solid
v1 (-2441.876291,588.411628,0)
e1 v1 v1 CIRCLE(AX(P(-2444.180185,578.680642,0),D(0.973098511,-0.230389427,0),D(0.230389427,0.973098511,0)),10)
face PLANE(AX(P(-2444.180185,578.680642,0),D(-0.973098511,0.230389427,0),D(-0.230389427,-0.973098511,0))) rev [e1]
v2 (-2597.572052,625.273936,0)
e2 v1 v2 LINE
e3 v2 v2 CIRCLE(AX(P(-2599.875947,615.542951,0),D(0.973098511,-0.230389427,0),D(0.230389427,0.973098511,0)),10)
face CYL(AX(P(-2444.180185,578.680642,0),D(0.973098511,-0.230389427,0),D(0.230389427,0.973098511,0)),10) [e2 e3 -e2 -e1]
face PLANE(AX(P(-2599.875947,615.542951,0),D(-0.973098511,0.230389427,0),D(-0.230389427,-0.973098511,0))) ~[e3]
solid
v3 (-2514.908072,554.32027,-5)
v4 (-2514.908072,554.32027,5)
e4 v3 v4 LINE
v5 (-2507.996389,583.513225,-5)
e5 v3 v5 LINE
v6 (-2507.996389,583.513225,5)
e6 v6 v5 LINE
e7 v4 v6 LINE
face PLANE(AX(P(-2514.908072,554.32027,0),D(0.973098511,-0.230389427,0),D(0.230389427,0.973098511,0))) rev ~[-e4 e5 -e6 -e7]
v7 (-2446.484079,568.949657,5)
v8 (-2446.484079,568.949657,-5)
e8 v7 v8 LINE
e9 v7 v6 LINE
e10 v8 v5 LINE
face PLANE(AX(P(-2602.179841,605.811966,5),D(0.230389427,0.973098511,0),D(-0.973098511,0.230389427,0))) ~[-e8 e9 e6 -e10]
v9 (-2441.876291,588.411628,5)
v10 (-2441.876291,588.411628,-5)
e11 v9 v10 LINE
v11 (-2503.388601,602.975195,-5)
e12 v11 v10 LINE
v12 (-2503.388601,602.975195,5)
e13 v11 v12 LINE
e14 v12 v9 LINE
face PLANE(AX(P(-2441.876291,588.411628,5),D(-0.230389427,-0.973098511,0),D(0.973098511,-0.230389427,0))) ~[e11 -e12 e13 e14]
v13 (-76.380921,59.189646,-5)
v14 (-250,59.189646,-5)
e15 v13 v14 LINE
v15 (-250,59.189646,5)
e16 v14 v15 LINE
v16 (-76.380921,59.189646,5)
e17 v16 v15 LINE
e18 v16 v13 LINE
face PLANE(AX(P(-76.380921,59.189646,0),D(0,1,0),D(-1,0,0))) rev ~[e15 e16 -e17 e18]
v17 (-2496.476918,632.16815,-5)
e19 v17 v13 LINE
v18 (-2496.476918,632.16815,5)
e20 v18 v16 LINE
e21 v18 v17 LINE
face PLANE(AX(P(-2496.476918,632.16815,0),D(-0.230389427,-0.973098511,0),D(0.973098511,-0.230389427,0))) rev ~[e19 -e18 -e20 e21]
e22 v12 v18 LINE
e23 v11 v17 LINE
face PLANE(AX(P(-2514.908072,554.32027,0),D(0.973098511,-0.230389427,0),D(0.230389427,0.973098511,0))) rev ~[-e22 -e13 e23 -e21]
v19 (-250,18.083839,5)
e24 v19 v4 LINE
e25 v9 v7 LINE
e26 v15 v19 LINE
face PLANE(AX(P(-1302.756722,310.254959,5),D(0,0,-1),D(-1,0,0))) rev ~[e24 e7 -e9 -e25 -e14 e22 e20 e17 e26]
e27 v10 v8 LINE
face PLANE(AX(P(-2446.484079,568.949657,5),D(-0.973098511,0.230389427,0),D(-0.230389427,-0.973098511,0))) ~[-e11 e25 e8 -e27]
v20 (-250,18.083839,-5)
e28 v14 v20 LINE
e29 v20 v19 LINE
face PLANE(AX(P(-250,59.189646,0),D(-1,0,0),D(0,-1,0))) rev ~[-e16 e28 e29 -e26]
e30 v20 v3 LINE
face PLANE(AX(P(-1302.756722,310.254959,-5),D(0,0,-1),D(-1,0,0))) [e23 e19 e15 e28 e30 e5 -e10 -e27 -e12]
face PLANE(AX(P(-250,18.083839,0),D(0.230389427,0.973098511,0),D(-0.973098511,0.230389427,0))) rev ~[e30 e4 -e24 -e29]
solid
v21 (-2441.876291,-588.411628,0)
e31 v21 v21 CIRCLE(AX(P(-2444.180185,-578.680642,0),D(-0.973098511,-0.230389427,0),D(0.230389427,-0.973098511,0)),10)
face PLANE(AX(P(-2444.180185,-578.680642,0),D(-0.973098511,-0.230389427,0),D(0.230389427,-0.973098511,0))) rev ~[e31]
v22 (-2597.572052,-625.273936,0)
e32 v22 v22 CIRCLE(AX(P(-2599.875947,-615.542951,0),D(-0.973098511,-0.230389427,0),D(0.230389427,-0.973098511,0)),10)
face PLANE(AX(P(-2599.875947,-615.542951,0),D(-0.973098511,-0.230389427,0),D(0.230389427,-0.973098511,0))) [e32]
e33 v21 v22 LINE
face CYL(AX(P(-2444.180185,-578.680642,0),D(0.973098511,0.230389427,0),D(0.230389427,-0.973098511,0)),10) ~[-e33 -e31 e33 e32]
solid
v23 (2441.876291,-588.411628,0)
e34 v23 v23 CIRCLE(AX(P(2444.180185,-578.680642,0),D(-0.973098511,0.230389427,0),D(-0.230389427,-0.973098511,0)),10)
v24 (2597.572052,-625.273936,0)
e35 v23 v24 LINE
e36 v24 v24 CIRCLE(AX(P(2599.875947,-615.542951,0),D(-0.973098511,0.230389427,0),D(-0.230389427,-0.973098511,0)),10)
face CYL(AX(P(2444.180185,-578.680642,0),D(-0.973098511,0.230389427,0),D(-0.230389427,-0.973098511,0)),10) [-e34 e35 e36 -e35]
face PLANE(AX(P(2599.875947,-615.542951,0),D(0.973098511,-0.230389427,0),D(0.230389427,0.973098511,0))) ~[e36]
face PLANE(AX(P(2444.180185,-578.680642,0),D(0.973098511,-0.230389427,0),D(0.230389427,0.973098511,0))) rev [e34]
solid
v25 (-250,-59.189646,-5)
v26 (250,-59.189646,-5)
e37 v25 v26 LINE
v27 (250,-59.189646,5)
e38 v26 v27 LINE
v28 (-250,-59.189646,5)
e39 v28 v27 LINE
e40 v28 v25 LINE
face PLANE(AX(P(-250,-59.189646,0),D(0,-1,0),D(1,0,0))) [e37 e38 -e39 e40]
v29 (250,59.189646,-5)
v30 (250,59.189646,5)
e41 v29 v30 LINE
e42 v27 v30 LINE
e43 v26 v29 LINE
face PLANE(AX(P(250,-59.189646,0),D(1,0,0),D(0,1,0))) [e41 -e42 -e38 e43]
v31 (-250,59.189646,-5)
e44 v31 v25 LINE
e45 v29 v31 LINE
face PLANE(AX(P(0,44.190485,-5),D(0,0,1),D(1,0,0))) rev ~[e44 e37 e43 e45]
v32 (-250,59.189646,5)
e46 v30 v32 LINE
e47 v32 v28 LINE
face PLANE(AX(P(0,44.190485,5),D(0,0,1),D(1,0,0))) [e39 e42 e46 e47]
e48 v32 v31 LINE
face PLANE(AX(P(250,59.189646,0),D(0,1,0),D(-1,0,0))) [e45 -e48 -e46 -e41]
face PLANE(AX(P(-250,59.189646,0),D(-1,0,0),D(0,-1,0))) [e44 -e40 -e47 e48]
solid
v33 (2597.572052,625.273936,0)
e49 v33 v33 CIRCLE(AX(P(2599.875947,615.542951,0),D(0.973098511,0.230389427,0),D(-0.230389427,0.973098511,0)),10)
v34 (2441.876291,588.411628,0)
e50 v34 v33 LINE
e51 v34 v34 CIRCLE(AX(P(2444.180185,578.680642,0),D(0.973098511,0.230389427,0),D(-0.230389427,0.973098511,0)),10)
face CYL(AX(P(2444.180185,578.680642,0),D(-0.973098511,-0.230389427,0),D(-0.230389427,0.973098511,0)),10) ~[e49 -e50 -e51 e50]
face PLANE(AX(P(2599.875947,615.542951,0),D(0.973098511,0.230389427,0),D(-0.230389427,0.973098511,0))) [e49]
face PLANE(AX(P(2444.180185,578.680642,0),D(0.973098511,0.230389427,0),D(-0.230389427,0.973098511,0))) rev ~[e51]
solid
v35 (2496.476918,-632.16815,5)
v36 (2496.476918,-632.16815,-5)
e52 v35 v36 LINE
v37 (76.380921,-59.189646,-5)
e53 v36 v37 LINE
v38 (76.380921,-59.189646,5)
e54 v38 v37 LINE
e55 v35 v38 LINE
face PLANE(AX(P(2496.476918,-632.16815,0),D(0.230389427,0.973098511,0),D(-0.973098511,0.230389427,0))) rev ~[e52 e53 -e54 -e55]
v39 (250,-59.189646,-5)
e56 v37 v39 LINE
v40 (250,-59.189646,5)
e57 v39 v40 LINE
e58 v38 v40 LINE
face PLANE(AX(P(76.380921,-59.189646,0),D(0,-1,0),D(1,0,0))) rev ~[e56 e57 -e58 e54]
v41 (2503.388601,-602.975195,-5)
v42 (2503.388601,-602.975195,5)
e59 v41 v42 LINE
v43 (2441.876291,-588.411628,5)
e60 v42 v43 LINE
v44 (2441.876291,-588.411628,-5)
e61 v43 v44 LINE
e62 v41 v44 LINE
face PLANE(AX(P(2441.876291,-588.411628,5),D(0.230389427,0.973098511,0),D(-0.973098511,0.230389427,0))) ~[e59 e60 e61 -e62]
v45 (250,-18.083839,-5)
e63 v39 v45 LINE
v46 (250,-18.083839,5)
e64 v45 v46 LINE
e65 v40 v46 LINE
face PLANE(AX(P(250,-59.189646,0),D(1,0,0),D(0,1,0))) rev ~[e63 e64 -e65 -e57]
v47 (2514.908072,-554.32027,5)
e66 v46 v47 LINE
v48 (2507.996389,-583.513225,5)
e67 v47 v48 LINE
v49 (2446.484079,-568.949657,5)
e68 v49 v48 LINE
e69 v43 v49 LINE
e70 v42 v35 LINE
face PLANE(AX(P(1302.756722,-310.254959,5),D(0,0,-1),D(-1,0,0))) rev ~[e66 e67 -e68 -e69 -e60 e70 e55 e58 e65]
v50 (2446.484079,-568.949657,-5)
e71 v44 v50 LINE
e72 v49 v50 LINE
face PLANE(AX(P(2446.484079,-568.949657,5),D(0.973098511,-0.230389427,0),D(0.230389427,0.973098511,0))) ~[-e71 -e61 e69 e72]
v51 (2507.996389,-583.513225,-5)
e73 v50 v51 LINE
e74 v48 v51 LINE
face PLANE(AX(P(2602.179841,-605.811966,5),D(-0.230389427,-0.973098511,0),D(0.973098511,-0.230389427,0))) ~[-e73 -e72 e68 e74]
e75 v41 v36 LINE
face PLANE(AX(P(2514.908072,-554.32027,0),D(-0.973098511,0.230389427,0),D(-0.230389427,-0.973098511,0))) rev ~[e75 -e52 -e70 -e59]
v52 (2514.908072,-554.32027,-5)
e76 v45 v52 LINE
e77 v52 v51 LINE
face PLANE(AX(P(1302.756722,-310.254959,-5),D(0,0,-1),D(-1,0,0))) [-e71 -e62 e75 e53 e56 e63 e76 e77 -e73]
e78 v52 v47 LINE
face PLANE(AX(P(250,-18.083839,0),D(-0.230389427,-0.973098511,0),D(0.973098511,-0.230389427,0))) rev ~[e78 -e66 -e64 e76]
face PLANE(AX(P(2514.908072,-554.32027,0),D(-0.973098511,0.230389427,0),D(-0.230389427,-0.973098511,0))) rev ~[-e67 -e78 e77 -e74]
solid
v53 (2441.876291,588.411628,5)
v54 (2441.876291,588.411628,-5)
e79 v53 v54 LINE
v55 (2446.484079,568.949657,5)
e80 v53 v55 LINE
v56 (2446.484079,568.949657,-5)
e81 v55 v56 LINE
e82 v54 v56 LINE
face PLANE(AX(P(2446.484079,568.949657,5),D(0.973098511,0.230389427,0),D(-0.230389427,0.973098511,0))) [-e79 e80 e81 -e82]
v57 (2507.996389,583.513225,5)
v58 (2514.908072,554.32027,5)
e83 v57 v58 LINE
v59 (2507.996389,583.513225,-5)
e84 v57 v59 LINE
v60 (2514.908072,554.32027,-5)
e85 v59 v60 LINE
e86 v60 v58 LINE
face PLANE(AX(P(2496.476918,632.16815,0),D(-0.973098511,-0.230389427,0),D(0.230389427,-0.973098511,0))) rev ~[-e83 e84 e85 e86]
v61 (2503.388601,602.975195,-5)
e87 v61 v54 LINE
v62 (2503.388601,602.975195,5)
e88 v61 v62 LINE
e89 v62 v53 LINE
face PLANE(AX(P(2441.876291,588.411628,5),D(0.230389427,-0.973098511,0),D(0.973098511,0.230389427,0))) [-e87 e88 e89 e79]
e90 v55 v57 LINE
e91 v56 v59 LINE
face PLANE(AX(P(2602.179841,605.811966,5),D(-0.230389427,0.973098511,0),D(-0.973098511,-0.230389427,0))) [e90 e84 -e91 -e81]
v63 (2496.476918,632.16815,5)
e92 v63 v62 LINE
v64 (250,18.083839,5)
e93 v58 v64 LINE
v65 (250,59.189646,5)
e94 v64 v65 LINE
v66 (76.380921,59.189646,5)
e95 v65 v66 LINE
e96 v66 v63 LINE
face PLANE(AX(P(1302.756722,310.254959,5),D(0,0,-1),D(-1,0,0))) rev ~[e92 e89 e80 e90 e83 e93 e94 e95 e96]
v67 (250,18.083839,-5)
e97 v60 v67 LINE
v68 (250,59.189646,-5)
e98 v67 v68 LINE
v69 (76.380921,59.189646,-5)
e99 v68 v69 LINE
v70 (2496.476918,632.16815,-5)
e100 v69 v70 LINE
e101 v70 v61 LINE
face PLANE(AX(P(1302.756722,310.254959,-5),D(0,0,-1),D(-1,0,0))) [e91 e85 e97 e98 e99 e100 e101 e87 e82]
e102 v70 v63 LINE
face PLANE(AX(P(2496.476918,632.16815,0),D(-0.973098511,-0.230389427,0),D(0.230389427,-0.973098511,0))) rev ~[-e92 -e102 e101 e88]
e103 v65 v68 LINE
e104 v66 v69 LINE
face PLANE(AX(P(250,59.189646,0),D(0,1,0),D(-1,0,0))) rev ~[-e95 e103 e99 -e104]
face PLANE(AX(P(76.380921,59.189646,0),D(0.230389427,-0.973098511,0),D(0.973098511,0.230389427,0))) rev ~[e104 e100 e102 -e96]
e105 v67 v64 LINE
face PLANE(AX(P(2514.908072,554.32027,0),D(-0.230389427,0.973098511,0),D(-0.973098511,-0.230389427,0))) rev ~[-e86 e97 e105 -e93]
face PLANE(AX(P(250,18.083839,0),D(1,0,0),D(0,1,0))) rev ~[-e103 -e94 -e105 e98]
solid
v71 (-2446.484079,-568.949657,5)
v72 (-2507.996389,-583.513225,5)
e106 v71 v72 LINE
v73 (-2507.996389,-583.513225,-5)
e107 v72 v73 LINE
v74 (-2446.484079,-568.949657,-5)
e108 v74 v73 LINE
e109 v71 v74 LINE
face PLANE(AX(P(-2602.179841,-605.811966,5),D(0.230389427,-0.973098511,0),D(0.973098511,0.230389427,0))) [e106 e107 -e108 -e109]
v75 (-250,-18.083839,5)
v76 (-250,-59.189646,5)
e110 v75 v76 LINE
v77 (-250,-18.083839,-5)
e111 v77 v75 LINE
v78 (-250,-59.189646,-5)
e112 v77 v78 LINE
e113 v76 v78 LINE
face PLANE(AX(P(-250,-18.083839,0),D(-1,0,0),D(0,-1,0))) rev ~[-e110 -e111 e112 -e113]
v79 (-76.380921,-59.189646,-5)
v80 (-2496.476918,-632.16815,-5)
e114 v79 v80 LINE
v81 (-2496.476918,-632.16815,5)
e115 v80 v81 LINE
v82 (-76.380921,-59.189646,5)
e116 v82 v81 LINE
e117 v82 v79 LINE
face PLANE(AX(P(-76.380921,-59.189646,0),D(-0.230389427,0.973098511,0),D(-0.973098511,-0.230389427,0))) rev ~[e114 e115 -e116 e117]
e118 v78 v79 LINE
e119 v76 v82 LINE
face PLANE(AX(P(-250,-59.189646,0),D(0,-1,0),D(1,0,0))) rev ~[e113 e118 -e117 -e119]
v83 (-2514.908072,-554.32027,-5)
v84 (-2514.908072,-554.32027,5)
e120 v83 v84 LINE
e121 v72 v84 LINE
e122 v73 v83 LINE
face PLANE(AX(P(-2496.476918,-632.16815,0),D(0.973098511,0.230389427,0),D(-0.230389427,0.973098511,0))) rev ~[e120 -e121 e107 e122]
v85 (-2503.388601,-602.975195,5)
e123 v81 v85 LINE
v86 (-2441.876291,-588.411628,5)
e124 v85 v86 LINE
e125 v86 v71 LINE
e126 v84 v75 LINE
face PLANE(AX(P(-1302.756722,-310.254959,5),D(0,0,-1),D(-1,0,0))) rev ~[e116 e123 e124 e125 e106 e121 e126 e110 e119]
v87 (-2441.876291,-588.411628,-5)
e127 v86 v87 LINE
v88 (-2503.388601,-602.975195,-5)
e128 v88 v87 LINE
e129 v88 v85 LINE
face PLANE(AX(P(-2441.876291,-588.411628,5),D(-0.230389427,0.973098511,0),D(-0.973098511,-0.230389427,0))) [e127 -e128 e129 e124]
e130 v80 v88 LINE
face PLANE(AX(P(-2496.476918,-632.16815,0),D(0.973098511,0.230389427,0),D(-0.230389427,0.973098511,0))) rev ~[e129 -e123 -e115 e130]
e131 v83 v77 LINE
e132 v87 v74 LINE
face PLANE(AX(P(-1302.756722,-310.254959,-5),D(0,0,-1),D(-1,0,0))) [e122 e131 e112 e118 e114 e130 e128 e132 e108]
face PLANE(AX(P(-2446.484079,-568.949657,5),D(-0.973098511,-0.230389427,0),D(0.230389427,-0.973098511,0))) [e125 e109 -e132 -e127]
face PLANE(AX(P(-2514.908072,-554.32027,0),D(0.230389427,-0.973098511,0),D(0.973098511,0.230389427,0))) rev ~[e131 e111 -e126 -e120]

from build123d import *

# Parameters (mm, degrees)
BOSS_EXTRUDE1_DEPTH   = 5
BOSS_EXTRUDE2_DEPTH   = 5
BOSS_EXTRUDE2_2_DEPTH = 5
BOSS_EXTRUDE2_3_DEPTH = 5
BOSS_EXTRUDE2_4_DEPTH = 5
CUT_EXTRUDE1_DEPTH    = 2594.163932788
SKETCH4_R             = 10
BOSS_EXTRUDE4_DEPTH   = 160
MIRROR2_COPY_1_DEPTH  = 2594.163932788


with BuildPart() as part:
    # Sketch1 → Boss-Extrude1 (new, symmetric)
    with BuildSketch(Plane.XY):
        Polygon((-250, 59.189646289), (0, 0), (250, 59.189646289), align=None)
        Polygon((0, 0), (250, -59.189646289), (250, 59.189646289), align=None)
        Polygon((-250, -59.189646289), (250, -59.189646289), (0, 0), align=None)
        Polygon((-250, -59.189646289), (0, 0), (-250, 59.189646289), align=None)
    extrude(amount=BOSS_EXTRUDE1_DEPTH, both=True)


with BuildPart() as body_2:
    # Sketch2 → Boss-Extrude2 (new, symmetric)
    with BuildSketch(Plane.XY):
        Polygon((250, 18.083838862), (250, 59.189646289), (76.380921308, 59.189646289), (2496.47691812, 632.168150433), (2514.908072255, 554.320269555), align=None)
    extrude(amount=BOSS_EXTRUDE2_DEPTH, both=True)

    # Sketch3 → Cut-Extrude1 (cut, symmetric)
    with BuildSketch(Plane.XY.offset(5)):
        Polygon((2602.179840983, 605.811965613), (2446.484079226, 568.949657345), (2441.876290693, 588.411627565), (2597.57205245, 625.273935833), align=None)
    cut_extrude1 = extrude(amount=CUT_EXTRUDE1_DEPTH, both=True, mode=Mode.SUBTRACT)


with BuildPart() as body_3:
    # Sketch2 → Boss-Extrude2 2 (new, symmetric)
    with BuildSketch(Plane.XY):
        Polygon((-2514.908072255, 554.320269555), (-2496.47691812, 632.168150433), (-76.380921308, 59.189646289), (-250, 59.189646289), (-250, 18.083838862), align=None)
    extrude(amount=BOSS_EXTRUDE2_2_DEPTH, both=True)

    # Mirror1: Cut-Extrude1 across plane
    add(cut_extrude1.mirror(Plane(origin=(0, 0, 0), x_dir=(0, 0, 1), z_dir=(1, 0, 0))), mode=Mode.SUBTRACT)


with BuildPart() as body_4:
    # Sketch2 → Boss-Extrude2 3 (new, symmetric)
    with BuildSketch(Plane.XY):
        Polygon((-250, -18.083838862), (-250, -59.189646289), (-76.380921308, -59.189646289), (-2496.47691812, -632.168150433), (-2514.908072255, -554.320269555), align=None)
    extrude(amount=BOSS_EXTRUDE2_3_DEPTH, both=True)

    # Mirror2 copy 1 sketch → Mirror2 copy 1 (cut, symmetric)
    with BuildSketch(Plane(origin=(0, 0, 5), x_dir=(-1, 0, 0), z_dir=(0, 0, 1))):
        Polygon((2602.179840983, 605.811965613), (2446.484079226, 568.949657345), (2441.876290693, 588.411627565), (2597.57205245, 625.273935833), align=None)
    extrude(amount=MIRROR2_COPY_1_DEPTH, both=True, mode=Mode.SUBTRACT)


with BuildPart() as body_5:
    # Sketch2 → Boss-Extrude2 4 (new, symmetric)
    with BuildSketch(Plane.XY):
        Polygon((2514.908072255, -554.320269555), (2496.47691812, -632.168150433), (76.380921308, -59.189646289), (250, -59.189646289), (250, -18.083838862), align=None)
    extrude(amount=BOSS_EXTRUDE2_4_DEPTH, both=True)

    # Mirror2: Cut-Extrude1 across plane
    add(cut_extrude1.mirror(Plane.ZX), mode=Mode.SUBTRACT)


with BuildPart() as body_6:
    # Sketch4 → Boss-Extrude4 (new body)
    with BuildSketch(Plane(origin=(2444.180184959, 578.680642455, 0), x_dir=(0, 0, -1), z_dir=(0.9730985109821265, 0.23038942667659104, 0))):
        with Locations(Location((0, 0, 0), (0, 0, 90))):
            Circle(SKETCH4_R)
    extrude(amount=BOSS_EXTRUDE4_DEPTH)


with BuildPart() as body_7:
    # Mirror3: mirrored copy
    add(body_6.part.mirror(Plane(origin=(0, 0, 0), x_dir=(0, 0, 1), z_dir=(1, 0, 0))))


with BuildPart() as body_8:
    # Mirror4: mirrored copy
    add(body_6.part.mirror(Plane.ZX))


with BuildPart() as body_9:
    # Mirror4 2: mirrored copy
    add(body_7.part.mirror(Plane.ZX))


solid = Compound([part.part, body_2.part, body_3.part, body_4.part, body_5.part, body_6.part, body_7.part, body_8.part, body_9.part])
